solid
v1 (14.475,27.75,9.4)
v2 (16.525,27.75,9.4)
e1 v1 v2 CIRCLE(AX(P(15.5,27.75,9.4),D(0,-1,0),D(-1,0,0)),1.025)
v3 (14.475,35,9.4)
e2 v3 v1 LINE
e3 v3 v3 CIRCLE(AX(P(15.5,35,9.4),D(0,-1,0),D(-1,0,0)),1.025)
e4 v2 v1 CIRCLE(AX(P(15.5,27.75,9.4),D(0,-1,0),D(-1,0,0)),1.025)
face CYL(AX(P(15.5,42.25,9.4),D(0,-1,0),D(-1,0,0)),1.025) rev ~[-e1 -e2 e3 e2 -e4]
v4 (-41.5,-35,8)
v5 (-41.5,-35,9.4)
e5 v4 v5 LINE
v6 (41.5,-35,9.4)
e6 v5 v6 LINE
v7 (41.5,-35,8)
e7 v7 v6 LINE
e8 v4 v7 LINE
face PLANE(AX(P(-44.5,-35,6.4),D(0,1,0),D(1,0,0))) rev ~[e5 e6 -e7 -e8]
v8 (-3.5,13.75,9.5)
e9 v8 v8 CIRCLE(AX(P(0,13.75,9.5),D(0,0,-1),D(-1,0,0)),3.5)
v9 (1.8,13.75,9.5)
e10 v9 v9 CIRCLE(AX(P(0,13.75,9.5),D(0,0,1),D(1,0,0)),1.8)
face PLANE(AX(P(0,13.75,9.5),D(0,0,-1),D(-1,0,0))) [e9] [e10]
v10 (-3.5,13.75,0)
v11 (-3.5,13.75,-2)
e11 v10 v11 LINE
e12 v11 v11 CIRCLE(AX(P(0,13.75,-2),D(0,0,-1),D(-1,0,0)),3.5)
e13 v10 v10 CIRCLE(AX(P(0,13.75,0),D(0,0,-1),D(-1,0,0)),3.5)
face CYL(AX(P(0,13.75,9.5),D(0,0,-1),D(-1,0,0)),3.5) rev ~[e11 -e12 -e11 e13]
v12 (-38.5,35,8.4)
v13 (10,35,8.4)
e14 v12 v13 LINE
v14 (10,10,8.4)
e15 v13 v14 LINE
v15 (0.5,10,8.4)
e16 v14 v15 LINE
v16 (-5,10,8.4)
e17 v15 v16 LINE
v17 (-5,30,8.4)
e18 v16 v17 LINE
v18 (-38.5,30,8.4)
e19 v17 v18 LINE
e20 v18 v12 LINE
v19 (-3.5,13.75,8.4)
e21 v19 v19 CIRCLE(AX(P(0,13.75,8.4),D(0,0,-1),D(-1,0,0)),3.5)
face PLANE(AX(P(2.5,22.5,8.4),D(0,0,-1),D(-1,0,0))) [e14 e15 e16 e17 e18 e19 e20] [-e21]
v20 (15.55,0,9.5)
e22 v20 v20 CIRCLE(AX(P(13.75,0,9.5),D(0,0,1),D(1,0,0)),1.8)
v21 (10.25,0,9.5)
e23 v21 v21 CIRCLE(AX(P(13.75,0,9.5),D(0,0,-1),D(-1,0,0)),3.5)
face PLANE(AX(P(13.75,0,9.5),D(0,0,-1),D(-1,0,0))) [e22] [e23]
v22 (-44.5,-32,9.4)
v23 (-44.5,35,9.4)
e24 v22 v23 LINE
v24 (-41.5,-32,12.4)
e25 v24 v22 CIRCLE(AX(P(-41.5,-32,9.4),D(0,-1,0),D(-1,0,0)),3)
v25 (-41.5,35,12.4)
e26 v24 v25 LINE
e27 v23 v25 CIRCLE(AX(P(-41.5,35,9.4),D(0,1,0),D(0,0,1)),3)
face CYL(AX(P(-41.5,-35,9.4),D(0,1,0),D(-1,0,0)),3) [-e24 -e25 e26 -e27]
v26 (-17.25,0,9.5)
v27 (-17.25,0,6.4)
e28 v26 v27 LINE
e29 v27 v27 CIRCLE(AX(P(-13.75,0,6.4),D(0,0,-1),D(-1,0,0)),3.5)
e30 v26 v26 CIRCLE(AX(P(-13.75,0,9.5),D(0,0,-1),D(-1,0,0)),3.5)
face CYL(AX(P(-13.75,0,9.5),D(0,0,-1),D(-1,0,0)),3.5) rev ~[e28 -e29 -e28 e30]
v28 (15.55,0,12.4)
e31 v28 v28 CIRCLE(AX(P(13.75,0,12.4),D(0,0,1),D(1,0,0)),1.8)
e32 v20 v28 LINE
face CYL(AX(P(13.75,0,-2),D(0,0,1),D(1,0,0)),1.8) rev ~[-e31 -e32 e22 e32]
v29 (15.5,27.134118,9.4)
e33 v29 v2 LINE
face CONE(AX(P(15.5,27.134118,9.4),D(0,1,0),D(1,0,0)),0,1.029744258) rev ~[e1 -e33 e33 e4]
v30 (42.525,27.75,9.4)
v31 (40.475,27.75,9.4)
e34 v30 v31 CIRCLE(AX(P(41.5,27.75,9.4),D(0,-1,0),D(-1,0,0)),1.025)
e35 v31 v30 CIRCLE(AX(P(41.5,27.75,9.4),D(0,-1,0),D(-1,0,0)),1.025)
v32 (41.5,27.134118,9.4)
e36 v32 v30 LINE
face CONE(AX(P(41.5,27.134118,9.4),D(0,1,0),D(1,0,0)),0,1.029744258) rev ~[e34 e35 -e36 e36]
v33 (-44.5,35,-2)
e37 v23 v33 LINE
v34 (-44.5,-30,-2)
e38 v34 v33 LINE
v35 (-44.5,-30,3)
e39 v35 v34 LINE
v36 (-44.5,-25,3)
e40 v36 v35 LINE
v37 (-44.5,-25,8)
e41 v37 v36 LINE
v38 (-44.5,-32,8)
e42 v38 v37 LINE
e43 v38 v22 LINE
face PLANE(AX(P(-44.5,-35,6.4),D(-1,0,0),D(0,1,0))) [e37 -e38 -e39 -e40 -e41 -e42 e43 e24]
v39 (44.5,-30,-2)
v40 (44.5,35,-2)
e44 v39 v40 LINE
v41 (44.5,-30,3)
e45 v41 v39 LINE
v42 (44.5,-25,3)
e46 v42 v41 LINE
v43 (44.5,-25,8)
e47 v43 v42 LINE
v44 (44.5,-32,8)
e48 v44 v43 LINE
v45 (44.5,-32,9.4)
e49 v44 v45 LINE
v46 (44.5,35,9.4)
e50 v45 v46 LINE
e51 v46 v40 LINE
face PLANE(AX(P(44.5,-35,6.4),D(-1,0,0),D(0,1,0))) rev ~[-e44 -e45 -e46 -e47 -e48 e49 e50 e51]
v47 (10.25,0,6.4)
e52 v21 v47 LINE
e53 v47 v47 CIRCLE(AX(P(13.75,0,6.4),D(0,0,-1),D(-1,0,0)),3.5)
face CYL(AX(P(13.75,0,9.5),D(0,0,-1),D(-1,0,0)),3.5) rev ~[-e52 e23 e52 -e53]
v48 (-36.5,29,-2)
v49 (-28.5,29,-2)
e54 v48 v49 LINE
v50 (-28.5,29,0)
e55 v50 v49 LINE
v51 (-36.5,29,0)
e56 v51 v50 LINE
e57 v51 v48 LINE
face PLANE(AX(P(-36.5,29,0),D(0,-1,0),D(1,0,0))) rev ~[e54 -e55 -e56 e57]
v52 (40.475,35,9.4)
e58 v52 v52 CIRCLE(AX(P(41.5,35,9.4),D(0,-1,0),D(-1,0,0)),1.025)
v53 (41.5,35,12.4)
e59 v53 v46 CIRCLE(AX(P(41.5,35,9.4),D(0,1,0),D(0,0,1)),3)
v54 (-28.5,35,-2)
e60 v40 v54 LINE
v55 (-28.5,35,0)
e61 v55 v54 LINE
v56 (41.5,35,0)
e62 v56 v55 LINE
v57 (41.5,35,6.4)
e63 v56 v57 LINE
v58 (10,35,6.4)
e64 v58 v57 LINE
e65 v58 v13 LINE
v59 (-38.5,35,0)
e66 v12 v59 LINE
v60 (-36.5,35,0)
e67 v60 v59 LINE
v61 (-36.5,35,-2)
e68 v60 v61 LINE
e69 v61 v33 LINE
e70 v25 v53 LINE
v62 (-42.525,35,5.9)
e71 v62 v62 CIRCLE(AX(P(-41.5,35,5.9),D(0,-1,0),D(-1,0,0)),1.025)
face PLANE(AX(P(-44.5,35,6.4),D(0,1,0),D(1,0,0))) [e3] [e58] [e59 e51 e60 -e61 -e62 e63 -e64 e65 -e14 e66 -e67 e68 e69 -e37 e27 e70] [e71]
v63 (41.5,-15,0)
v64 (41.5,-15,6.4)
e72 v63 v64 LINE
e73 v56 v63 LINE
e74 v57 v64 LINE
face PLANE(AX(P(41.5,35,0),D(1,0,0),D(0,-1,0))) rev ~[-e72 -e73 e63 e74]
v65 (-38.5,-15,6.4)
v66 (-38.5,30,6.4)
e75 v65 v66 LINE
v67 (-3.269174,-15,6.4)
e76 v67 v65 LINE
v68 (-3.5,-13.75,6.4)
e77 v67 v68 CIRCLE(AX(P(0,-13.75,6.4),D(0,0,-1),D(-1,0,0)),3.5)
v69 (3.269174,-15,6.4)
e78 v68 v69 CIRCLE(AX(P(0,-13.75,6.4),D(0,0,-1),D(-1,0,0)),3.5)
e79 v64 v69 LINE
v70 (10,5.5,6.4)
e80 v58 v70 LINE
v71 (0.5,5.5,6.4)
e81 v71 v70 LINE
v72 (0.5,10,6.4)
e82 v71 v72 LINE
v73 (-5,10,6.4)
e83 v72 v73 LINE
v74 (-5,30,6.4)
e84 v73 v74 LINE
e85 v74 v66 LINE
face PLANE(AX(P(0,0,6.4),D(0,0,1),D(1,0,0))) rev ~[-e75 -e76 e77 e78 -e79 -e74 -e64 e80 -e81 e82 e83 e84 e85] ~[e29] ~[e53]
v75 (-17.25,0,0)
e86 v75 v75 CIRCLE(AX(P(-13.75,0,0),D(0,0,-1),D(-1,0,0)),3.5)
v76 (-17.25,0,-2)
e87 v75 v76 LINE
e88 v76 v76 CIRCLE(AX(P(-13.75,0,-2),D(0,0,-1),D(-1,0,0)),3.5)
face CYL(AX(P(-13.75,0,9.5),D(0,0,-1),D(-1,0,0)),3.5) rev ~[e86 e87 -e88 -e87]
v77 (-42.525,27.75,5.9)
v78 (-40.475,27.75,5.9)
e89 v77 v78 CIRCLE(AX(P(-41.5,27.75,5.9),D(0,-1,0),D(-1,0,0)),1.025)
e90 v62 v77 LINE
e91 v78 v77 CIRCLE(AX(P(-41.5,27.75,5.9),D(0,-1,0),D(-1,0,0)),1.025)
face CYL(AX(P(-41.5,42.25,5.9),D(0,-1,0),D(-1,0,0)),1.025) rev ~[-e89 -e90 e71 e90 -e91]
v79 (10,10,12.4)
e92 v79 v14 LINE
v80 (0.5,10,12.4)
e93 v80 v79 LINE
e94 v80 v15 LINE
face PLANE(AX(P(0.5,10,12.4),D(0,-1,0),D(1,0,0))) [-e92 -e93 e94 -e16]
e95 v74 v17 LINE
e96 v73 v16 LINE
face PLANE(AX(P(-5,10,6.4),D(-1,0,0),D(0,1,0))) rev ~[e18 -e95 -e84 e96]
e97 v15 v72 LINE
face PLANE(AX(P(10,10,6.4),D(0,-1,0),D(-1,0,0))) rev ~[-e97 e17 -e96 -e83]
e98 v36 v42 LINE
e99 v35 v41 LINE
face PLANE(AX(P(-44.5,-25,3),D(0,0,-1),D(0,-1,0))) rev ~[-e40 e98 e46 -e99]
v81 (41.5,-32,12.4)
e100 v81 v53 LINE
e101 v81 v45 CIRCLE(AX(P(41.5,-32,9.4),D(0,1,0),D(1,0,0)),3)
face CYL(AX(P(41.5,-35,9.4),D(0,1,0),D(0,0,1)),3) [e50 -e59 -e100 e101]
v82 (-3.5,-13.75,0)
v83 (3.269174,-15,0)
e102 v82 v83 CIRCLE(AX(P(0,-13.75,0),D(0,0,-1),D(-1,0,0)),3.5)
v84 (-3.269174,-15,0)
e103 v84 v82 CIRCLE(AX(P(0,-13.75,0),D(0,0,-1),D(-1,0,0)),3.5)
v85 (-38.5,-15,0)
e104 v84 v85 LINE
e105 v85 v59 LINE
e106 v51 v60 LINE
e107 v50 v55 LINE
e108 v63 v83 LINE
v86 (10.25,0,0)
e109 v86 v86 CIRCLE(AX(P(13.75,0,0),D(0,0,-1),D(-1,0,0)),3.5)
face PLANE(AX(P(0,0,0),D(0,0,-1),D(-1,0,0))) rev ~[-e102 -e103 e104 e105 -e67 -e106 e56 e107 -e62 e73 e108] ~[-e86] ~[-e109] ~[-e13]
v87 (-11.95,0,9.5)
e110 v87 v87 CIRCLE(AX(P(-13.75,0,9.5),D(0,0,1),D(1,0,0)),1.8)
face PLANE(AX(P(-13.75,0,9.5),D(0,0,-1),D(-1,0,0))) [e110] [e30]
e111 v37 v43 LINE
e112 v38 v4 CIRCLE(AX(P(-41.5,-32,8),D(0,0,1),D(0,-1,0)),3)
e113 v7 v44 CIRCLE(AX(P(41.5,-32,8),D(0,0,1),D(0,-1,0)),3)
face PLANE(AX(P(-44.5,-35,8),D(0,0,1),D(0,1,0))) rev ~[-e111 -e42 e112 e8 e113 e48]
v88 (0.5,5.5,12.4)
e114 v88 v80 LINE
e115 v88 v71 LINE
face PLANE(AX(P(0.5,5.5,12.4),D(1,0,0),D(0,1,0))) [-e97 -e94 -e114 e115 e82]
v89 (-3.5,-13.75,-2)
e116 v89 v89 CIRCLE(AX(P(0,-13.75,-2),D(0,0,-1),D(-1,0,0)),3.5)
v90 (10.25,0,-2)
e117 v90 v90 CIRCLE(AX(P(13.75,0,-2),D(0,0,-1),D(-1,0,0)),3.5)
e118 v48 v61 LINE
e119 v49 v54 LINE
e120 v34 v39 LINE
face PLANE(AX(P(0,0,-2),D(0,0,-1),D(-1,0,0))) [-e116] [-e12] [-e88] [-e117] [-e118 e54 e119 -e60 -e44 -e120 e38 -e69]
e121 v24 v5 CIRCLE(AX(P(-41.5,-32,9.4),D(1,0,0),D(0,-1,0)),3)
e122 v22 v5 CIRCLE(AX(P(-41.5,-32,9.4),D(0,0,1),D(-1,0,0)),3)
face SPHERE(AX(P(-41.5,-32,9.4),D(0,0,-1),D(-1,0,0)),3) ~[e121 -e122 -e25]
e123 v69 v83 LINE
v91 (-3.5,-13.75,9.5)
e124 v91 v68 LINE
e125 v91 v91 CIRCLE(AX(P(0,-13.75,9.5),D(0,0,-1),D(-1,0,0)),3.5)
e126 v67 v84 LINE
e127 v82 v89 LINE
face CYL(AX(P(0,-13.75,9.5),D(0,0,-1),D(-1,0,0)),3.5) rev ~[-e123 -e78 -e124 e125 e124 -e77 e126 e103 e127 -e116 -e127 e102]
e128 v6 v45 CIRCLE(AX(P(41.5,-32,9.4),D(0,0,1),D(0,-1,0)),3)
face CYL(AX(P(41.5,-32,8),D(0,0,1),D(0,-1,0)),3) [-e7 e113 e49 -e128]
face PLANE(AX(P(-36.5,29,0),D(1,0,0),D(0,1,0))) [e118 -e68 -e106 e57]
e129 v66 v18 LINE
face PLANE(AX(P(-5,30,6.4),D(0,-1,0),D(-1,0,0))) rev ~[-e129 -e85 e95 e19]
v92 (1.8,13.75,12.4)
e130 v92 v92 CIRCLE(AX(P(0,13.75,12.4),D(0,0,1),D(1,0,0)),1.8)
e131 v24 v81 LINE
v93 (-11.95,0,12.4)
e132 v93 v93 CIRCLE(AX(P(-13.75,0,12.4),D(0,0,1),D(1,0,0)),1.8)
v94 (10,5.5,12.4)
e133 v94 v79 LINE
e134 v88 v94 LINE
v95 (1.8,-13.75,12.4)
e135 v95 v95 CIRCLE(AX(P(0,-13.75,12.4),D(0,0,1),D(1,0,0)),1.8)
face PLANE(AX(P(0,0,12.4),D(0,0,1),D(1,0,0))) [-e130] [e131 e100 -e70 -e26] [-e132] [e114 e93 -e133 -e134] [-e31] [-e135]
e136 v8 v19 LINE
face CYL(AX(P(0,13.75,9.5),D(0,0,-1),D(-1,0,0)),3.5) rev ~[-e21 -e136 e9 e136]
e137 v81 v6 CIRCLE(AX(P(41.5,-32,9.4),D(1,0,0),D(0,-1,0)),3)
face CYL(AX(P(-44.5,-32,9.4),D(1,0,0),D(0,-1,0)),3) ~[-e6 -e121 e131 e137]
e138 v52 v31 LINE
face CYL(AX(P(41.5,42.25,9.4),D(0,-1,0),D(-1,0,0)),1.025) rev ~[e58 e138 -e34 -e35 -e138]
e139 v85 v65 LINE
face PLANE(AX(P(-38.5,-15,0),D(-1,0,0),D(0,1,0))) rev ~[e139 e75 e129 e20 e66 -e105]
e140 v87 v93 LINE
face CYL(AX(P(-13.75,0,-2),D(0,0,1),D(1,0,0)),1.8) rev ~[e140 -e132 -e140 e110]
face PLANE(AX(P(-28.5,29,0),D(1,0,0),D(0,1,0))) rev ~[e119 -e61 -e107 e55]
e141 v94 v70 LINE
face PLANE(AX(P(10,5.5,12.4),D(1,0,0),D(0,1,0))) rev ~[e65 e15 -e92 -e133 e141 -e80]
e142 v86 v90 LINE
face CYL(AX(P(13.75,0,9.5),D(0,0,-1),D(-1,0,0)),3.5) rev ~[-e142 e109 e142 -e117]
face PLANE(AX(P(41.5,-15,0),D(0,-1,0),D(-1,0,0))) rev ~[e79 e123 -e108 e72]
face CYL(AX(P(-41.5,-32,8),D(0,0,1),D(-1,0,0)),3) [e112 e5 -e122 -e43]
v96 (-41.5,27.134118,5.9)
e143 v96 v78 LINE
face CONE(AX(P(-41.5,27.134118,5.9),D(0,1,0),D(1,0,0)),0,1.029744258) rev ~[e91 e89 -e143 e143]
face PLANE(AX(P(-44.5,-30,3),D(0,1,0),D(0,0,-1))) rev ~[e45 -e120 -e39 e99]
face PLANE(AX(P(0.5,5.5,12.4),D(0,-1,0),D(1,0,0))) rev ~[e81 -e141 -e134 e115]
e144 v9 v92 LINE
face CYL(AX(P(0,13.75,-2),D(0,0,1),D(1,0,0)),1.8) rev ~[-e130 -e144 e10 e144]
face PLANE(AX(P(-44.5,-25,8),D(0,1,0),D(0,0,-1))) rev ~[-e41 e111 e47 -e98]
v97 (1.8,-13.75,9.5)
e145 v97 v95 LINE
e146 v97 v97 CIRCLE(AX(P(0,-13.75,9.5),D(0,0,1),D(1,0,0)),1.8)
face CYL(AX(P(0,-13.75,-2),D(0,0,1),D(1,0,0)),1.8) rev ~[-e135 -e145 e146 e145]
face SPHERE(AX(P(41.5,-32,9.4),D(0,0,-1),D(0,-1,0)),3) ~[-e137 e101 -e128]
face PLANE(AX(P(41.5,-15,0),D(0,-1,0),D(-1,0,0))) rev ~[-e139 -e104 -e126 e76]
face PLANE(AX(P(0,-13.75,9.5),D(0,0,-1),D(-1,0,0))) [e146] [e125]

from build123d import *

# Parameters (mm, degrees)
BOSS_EXTRUDE1_DEPTH            = 6.4
SKETCH2_W                      = 89
SKETCH2_H                      = 70
BOSS_EXTRUDE2_DEPTH            = 2
SKETCH3_W                      = 8
SKETCH3_H                      = 6
CUT_EXTRUDE1_DEPTH             = 2
SKETCH5_W                      = 89
SKETCH5_H                      = 70
BOSS_EXTRUDE3_DEPTH            = 6
CBORE_FOR_M3_SHCS1_D           = 3.6
CBORE_FOR_M3_SHCS1_CBORE_D     = 7
CBORE_FOR_M3_SHCS1_CBORE_DEPTH = 11.5
SKETCH8_W                      = 9.5
SKETCH8_H                      = 4.5
CUT_EXTRUDE3_DEPTH             = 6
SKETCH10_W                     = 33.5
SKETCH10_H                     = 5
CUT_EXTRUDE4_DEPTH             = 2
M2_5X0_45_TAPPED_HOLE1_D       = 2.05
M2_5X0_45_TAPPED_HOLE1_DEPTH   = 7.25
M2_5X0_45_TAPPED_HOLE1_TIP     = 0.615882135
CUT_EXTRUDE5_DEPTH             = 97.43526326
FILLET1_R                      = 3


with BuildPart() as part:
    # Sketch1 → Boss-Extrude1 (new body)
    with BuildSketch(Plane.XY):
        Polygon((-38.5, -15), (-38.5, 35), (-44.5, 35), (-44.5, -35), (44.5, -35), (44.5, 35), (41.5, 35), (41.5, -15), align=None)
    extrude(amount=BOSS_EXTRUDE1_DEPTH)

    # Sketch2 → Boss-Extrude2 (add)
    with BuildSketch(Plane(origin=(0, 0, 0), x_dir=(-1, 0, 0), z_dir=(0, 0, -1))):
        Rectangle(SKETCH2_W, SKETCH2_H)
    extrude(amount=BOSS_EXTRUDE2_DEPTH)

    # Sketch3 → Cut-Extrude1 (cut)
    with BuildSketch(Plane.XY):
        with Locations((-32.5, 32)):
            Rectangle(SKETCH3_W, SKETCH3_H)
    extrude(amount=-CUT_EXTRUDE1_DEPTH, mode=Mode.SUBTRACT)

    # Sketch5 → Boss-Extrude3 (add)
    with BuildSketch(Plane.XY.offset(6.4)):
        Rectangle(SKETCH5_W, SKETCH5_H)
    extrude(amount=BOSS_EXTRUDE3_DEPTH)

    # CBORE for M3 SHCS1 (through all)
    with Locations(Plane(origin=(0, 0, -2), x_dir=(-1, 0, 0), z_dir=(0, 0, -1))):
        with Locations((0, -13.75), (0, 13.75), (-13.75, 0), (13.75, 0)):
            CounterBoreHole(CBORE_FOR_M3_SHCS1_D / 2, CBORE_FOR_M3_SHCS1_CBORE_D / 2, CBORE_FOR_M3_SHCS1_CBORE_DEPTH)

    # Sketch8 → Cut-Extrude3 (cut)
    with BuildSketch(Plane.XY.offset(12.4)):
        with Locations((5.25, 7.75)):
            Rectangle(SKETCH8_W, SKETCH8_H)
    extrude(amount=-CUT_EXTRUDE3_DEPTH, mode=Mode.SUBTRACT)

    # Sketch10 → Cut-Extrude4 (cut)
    with BuildSketch(Plane(origin=(0, 0, 6.4), x_dir=(-1, 0, 0), z_dir=(0, 0, -1))):
        Polygon((-10, 35), (-10, 10), (5, 10), (5, 30), (5, 35), align=None)
        with Locations((21.75, 32.5)):
            Rectangle(SKETCH10_W, SKETCH10_H)
    extrude(amount=-CUT_EXTRUDE4_DEPTH, mode=Mode.SUBTRACT)

    # M2.5x0.45 Tapped Hole1
    with Locations(Plane(origin=(0, 35, 0), x_dir=(1, 0, 0), z_dir=(0, 1, 0))):
        with Locations((-41.5, -5.9), (41.5, -9.4), (15.5, -9.4)):
            Hole(M2_5X0_45_TAPPED_HOLE1_D / 2, depth=M2_5X0_45_TAPPED_HOLE1_DEPTH)
            with Locations((0, 0, -(M2_5X0_45_TAPPED_HOLE1_DEPTH + M2_5X0_45_TAPPED_HOLE1_TIP / 2))):  # 118° drill point
                Cone(0, M2_5X0_45_TAPPED_HOLE1_D / 2, M2_5X0_45_TAPPED_HOLE1_TIP, mode=Mode.SUBTRACT)

    # Sketch13 → Cut-Extrude5 (cut, through all)
    with BuildSketch(Plane.ZY.offset(44.5)):
        Polygon((-2, -35), (8, -35), (8, -25), (3, -25), (3, -30), (-2, -30), align=None)
    extrude(amount=-CUT_EXTRUDE5_DEPTH, mode=Mode.SUBTRACT)

    # Fillet1
    fillet1_edges = [part.edges().sort_by_distance(p)[0] for p in [
        (44.5, -35, 10.2),
        (-44.5, -35, 10.2),
        (-44.5, 0, 12.4),
        (0, -35, 12.4),
        (44.5, 0, 12.4),
    ]]
    fillet(fillet1_edges, radius=FILLET1_R)


solid = part.part
